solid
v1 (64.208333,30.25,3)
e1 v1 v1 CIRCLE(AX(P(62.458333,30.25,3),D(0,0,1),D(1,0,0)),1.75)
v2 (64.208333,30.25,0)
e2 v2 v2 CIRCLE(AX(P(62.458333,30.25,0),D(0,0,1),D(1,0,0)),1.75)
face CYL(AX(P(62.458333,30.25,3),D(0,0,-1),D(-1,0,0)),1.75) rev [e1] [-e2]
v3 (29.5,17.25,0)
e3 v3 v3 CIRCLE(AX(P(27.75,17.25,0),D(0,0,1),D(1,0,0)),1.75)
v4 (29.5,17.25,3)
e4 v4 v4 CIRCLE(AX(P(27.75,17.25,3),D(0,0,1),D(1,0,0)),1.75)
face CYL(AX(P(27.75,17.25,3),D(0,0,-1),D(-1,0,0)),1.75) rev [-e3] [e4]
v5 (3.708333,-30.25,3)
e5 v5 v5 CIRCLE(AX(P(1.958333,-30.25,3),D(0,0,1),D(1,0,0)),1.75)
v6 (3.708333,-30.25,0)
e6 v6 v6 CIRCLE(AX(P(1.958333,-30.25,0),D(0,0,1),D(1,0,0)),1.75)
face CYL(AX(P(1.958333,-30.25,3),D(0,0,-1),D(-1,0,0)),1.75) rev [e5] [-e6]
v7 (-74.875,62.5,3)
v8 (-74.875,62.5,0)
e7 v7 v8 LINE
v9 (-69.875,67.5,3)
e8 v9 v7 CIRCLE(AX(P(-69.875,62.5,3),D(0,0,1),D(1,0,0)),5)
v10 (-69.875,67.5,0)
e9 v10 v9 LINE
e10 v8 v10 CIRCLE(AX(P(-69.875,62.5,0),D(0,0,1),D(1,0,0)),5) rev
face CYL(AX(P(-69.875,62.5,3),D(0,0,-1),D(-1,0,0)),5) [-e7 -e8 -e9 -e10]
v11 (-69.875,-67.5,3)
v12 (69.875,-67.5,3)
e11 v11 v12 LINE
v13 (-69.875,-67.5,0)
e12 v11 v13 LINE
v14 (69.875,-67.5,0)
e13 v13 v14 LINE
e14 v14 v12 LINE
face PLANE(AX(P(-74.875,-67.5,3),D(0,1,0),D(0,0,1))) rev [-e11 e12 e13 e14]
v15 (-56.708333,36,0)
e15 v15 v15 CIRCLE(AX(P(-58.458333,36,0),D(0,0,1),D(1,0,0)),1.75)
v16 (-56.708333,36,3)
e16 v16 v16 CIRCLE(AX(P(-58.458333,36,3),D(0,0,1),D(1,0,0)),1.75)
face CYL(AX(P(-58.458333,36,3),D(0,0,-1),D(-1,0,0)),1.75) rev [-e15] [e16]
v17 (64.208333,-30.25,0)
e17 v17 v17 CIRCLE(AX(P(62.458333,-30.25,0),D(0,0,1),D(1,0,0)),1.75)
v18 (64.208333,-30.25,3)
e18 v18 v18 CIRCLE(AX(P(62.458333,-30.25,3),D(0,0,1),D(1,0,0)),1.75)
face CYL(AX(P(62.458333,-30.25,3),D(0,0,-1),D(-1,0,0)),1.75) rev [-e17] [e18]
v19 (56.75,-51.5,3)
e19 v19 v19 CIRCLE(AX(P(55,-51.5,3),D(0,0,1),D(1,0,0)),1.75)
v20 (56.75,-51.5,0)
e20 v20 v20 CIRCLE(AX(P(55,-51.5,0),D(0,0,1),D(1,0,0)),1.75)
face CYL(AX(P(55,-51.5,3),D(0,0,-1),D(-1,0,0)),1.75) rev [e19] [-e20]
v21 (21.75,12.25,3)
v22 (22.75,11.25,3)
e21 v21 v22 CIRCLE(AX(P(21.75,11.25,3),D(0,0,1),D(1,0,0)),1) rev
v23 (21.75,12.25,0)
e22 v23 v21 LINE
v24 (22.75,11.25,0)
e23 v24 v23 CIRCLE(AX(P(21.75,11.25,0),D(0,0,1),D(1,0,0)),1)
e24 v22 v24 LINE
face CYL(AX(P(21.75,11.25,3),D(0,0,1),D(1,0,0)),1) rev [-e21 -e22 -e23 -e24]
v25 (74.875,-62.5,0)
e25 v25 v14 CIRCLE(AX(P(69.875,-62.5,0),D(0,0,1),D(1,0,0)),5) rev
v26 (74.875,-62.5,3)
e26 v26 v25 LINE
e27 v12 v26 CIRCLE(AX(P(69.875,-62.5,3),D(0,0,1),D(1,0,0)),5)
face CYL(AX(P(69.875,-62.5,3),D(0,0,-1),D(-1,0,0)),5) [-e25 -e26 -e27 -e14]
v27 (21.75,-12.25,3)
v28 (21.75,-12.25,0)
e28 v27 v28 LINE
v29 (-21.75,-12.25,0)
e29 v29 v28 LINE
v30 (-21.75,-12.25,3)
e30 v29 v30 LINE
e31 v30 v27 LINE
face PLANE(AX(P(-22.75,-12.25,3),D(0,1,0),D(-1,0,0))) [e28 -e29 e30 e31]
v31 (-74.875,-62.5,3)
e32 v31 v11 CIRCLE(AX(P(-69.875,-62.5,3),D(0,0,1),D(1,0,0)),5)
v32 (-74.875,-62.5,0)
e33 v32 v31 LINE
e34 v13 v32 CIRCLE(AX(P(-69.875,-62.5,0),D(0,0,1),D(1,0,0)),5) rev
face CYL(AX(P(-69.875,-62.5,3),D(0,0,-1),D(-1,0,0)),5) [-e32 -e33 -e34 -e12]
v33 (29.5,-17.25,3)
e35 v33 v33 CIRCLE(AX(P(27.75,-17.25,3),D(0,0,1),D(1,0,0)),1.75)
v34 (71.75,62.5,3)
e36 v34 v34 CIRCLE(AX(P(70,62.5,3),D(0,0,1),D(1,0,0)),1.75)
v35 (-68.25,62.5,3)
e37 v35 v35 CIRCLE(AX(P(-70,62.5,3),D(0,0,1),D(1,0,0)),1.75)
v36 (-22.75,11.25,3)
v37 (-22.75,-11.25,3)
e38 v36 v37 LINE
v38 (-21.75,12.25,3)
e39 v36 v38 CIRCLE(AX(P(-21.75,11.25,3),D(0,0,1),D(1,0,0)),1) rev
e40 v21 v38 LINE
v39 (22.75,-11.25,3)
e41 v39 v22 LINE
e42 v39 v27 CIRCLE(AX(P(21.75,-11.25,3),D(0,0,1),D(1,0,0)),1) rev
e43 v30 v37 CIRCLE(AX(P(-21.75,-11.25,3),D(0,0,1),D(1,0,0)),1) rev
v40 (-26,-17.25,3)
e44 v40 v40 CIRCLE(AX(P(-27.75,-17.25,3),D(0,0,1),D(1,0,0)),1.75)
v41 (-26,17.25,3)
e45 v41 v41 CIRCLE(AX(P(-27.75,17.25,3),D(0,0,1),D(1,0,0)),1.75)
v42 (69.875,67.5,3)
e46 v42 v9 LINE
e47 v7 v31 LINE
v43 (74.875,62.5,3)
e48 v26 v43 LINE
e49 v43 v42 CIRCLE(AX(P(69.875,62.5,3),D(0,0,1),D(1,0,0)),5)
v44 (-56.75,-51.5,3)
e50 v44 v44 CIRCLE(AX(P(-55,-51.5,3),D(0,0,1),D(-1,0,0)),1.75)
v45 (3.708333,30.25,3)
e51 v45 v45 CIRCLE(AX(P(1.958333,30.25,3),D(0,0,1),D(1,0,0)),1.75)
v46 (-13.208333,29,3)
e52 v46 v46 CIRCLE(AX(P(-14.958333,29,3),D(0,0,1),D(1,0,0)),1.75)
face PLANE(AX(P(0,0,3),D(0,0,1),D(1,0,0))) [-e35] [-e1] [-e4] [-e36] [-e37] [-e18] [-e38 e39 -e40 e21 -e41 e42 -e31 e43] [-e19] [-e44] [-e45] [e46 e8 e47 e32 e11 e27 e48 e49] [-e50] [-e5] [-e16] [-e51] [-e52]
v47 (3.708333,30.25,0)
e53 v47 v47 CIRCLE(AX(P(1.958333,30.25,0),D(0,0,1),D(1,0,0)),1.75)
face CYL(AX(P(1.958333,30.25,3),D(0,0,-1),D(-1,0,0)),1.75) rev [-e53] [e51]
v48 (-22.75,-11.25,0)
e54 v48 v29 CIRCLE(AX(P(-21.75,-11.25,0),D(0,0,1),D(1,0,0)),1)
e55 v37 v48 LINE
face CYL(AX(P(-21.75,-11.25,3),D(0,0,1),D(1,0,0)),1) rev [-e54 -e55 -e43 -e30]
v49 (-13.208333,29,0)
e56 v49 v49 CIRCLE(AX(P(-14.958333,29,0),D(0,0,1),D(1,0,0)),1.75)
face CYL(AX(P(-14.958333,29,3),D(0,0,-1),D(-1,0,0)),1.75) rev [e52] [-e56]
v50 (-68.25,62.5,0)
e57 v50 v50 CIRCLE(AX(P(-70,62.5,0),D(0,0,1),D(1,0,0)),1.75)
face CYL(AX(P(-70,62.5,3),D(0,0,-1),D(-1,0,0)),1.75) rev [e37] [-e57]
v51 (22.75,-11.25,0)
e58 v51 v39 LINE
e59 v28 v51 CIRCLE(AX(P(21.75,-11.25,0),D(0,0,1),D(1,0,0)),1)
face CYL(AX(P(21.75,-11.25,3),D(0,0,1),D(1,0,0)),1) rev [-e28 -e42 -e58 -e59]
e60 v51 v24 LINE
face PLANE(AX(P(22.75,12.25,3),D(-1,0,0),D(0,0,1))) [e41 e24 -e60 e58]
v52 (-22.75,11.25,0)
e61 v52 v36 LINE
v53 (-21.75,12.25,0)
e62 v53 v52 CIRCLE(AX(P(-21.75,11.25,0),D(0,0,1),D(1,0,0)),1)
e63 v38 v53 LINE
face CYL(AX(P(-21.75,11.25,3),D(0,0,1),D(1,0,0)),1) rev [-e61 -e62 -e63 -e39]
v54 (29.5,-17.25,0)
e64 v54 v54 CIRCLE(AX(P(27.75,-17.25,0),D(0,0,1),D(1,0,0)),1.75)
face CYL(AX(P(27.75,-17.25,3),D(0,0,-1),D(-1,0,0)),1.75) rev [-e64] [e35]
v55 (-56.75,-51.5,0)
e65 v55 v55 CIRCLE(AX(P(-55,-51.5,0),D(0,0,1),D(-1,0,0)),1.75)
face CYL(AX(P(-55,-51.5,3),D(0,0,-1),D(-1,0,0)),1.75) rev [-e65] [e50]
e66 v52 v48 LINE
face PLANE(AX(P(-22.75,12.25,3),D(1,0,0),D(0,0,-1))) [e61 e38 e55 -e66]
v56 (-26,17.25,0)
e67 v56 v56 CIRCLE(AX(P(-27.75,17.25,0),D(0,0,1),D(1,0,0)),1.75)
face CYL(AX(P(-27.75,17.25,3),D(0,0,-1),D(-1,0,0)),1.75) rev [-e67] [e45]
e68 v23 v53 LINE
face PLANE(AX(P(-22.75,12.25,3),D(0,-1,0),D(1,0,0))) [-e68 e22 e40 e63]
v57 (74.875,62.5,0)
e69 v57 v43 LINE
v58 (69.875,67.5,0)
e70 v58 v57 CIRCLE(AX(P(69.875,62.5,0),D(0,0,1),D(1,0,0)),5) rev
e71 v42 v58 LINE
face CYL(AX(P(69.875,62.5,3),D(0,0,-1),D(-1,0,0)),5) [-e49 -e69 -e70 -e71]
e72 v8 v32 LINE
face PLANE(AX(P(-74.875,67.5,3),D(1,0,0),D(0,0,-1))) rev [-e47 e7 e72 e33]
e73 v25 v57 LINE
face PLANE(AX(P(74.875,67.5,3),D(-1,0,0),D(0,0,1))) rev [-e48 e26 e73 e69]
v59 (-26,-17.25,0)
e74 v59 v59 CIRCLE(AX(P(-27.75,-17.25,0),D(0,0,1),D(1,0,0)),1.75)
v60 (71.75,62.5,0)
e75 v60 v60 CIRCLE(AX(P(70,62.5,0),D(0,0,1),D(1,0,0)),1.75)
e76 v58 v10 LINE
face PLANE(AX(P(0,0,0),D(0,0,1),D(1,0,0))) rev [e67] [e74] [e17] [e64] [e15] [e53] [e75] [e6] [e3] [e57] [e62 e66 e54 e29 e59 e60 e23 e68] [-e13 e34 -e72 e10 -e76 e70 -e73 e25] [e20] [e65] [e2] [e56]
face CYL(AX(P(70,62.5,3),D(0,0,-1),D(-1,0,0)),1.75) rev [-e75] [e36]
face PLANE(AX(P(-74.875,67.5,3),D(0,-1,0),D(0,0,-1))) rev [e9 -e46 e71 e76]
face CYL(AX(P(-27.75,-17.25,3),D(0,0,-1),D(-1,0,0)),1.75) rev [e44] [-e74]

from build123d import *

# Parameters (mm, degrees)
ESQUISSE1_W        = 149.75
ESQUISSE1_H        = 135
ESQUISSE1_R        = 1.75
ESQUISSE1_W_2      = 45.5
ESQUISSE1_H_2      = 24.5
BOSS_EXTRU_1_DEPTH = 3
CONG_1_R           = 5
CONG_2_R           = 1


with BuildPart() as part:
    # Esquisse1 → Boss.-Extru.1 (new body)
    with BuildSketch(Plane.XY):
        Rectangle(ESQUISSE1_W, ESQUISSE1_H)
        with Locations((-70, 62.5)):
            Circle(ESQUISSE1_R, mode=Mode.SUBTRACT)
        with Locations((70, 62.5)):
            Circle(ESQUISSE1_R, mode=Mode.SUBTRACT)
        with Locations((55, -51.5)):
            Circle(ESQUISSE1_R, mode=Mode.SUBTRACT)
        with Locations((-55, -51.5)):
            Circle(ESQUISSE1_R, mode=Mode.SUBTRACT)
        with Locations((-58.458333333, 36)):
            Circle(ESQUISSE1_R, mode=Mode.SUBTRACT)
        with Locations((-14.958333333, 29)):
            Circle(ESQUISSE1_R, mode=Mode.SUBTRACT)
        with Locations((1.958333333, 30.25)):
            Circle(ESQUISSE1_R, mode=Mode.SUBTRACT)
        with Locations((62.458333333, 30.25)):
            Circle(ESQUISSE1_R, mode=Mode.SUBTRACT)
        with Locations((62.458333333, -30.25)):
            Circle(ESQUISSE1_R, mode=Mode.SUBTRACT)
        with Locations((1.958333333, -30.25)):
            Circle(ESQUISSE1_R, mode=Mode.SUBTRACT)
        with Locations((-27.75, 17.25)):
            Circle(ESQUISSE1_R, mode=Mode.SUBTRACT)
        with Locations((27.75, 17.25)):
            Circle(ESQUISSE1_R, mode=Mode.SUBTRACT)
        with Locations((27.75, -17.25)):
            Circle(ESQUISSE1_R, mode=Mode.SUBTRACT)
        with Locations((-27.75, -17.25)):
            Circle(ESQUISSE1_R, mode=Mode.SUBTRACT)
        Rectangle(ESQUISSE1_W_2, ESQUISSE1_H_2, mode=Mode.SUBTRACT)
    extrude(amount=BOSS_EXTRU_1_DEPTH)

    # Congé1
    cong_1_edges = [part.edges().sort_by_distance(p)[0] for p in [
        (-74.875, 67.5, 1.5),
        (74.875, 67.5, 1.5),
        (74.875, -67.5, 1.5),
        (-74.875, -67.5, 1.5),
    ]]
    fillet(cong_1_edges, radius=CONG_1_R)

    # Congé2
    cong_2_edges = [part.edges().sort_by_distance(p)[0] for p in [
        (-22.75, 12.25, 1.5),
        (-22.75, -12.25, 1.5),
        (22.75, -12.25, 1.5),
        (22.75, 12.25, 1.5),
    ]]
    fillet(cong_2_edges, radius=CONG_2_R)


solid = part.part
